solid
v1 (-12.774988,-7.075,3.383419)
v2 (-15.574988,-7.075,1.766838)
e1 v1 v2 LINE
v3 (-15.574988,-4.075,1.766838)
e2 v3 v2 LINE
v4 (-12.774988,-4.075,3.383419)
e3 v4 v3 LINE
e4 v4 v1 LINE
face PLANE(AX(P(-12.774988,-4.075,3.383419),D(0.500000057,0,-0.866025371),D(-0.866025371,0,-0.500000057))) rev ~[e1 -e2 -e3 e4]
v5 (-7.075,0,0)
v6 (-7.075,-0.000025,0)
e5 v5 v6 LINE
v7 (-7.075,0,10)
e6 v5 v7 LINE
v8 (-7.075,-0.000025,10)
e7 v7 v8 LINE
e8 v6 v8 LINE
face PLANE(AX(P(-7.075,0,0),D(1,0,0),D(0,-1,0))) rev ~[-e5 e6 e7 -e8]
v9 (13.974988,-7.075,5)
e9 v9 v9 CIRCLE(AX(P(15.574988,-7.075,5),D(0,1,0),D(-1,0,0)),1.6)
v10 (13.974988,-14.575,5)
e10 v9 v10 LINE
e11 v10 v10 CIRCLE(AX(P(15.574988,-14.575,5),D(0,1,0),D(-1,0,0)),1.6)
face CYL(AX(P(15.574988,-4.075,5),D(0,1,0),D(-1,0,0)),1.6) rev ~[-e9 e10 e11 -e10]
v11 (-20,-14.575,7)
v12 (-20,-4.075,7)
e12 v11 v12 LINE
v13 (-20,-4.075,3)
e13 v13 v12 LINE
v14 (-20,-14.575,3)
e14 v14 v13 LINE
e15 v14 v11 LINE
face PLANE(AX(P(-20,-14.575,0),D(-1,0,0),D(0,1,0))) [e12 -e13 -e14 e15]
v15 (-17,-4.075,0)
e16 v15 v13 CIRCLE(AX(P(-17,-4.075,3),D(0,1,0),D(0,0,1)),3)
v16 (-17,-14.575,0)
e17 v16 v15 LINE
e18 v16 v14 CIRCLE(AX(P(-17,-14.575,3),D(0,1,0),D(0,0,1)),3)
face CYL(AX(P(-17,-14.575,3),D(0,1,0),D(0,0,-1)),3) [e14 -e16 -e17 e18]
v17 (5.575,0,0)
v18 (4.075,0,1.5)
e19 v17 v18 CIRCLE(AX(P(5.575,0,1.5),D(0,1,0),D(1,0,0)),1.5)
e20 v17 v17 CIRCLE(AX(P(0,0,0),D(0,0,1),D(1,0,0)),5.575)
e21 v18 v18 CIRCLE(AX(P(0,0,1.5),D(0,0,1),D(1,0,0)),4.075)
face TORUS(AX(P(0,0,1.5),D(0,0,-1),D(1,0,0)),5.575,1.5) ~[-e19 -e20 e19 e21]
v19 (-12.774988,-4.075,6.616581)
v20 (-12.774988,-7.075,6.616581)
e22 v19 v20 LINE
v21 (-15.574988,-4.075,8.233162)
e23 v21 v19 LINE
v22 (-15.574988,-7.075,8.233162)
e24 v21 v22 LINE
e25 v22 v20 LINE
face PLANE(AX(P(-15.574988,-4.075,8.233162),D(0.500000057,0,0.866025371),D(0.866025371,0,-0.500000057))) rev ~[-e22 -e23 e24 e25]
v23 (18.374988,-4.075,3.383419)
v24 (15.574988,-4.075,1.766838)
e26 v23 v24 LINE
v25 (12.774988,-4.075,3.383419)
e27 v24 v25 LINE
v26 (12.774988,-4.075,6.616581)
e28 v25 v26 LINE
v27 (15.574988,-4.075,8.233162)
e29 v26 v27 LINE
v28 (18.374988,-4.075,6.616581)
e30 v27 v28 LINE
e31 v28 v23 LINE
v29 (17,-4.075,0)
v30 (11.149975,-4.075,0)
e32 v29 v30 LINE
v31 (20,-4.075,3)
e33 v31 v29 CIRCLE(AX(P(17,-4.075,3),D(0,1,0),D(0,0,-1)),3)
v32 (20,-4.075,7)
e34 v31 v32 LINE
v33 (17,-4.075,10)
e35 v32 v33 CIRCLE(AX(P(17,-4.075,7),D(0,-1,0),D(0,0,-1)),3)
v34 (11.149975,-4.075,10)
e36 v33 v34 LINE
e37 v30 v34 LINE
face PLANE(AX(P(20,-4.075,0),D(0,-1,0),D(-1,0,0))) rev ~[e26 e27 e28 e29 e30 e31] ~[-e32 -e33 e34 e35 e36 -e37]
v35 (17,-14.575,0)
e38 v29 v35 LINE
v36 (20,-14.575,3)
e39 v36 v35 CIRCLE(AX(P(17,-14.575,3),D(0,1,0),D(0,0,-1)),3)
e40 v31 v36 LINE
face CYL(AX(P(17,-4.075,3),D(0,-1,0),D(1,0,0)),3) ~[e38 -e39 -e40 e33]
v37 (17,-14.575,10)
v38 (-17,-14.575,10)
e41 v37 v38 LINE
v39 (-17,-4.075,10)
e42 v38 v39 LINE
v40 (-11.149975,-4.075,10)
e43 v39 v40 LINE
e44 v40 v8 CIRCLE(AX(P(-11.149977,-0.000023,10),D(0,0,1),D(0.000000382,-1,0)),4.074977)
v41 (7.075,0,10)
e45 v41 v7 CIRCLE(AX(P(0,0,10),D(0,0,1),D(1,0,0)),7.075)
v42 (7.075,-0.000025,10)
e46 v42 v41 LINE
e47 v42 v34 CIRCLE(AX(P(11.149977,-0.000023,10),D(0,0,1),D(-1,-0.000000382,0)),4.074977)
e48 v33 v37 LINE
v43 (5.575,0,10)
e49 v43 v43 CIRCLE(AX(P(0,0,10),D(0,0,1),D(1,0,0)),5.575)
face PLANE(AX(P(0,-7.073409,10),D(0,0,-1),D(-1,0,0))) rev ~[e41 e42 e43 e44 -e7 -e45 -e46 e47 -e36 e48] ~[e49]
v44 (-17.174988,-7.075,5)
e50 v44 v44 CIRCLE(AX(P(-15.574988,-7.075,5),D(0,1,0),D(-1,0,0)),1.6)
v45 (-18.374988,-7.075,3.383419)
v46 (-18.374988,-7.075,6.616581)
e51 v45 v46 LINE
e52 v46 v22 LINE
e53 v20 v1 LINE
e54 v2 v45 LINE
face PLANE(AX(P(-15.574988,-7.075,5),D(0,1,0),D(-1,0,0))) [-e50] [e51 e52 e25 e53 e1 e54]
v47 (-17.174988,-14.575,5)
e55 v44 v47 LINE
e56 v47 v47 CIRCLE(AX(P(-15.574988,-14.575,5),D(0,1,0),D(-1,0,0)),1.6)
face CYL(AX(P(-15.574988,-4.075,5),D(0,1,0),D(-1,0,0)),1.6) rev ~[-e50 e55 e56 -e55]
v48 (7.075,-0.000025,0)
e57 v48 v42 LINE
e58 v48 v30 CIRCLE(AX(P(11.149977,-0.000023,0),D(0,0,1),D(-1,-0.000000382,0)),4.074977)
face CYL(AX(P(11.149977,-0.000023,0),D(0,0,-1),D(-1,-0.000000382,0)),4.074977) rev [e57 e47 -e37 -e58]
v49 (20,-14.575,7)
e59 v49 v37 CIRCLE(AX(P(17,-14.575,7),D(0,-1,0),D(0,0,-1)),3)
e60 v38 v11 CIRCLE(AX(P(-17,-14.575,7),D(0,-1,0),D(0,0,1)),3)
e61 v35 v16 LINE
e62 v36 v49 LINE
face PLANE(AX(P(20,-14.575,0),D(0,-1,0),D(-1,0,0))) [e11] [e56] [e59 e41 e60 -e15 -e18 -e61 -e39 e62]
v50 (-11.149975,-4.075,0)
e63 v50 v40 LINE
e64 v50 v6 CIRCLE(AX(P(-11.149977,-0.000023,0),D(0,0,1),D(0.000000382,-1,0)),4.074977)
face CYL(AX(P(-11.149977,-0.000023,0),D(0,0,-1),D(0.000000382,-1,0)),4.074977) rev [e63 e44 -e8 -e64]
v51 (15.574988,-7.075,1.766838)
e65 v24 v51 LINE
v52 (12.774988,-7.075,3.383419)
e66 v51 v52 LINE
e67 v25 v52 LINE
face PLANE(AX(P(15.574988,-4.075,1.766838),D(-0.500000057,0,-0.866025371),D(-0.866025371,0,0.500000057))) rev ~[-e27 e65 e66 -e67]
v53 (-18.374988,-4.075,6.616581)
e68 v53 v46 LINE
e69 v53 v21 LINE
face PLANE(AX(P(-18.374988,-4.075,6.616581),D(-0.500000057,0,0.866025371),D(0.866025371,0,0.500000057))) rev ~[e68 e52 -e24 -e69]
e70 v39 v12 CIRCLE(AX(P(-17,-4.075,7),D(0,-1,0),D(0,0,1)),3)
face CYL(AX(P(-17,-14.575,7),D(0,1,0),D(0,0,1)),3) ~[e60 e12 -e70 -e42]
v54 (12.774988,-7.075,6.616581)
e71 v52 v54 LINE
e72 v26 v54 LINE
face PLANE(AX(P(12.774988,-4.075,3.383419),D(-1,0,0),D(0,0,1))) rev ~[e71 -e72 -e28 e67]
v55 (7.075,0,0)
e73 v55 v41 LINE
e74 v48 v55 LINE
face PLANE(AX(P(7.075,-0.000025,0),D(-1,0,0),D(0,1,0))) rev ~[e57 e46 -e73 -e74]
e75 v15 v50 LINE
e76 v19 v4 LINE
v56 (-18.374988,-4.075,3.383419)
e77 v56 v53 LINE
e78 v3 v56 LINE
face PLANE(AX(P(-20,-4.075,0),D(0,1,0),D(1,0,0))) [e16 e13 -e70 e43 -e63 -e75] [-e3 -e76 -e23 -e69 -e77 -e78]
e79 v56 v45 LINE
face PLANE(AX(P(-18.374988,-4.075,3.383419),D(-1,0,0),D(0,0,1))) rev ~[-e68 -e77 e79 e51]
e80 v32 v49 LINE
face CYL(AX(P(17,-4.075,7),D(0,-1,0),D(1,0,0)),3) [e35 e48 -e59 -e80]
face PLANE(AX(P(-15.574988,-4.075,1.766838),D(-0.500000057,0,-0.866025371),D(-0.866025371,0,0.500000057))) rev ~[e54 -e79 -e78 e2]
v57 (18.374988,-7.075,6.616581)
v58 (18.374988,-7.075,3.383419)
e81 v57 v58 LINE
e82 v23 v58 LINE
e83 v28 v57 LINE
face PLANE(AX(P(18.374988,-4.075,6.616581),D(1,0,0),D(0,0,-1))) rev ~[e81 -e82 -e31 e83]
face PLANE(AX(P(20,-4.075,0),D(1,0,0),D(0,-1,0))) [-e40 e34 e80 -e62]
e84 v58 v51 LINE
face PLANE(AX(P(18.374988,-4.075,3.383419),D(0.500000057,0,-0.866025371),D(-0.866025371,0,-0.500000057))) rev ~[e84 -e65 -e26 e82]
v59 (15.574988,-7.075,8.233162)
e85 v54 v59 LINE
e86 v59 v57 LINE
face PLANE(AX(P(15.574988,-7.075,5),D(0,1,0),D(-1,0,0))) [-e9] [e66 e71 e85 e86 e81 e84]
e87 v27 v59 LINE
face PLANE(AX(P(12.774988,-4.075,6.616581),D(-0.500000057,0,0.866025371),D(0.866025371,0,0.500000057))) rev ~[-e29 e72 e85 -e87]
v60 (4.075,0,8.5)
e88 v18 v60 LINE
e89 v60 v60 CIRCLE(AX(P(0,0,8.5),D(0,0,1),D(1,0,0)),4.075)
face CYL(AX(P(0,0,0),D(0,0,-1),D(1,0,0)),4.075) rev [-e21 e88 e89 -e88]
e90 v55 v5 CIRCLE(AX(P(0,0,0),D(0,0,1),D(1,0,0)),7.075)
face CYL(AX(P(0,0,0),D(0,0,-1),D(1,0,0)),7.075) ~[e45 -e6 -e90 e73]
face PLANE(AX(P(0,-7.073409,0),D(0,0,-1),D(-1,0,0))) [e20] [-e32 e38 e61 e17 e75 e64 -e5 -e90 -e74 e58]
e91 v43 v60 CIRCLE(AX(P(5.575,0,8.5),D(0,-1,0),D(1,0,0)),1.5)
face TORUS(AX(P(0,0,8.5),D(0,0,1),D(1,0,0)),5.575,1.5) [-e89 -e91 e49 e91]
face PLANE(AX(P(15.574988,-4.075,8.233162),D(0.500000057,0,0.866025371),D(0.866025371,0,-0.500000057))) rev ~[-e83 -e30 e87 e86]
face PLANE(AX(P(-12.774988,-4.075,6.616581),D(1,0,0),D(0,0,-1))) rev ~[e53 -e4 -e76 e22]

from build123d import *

# Parameters (mm, degrees)
SKETCH_R        = 4.075
PAD_DEPTH       = 10
SKETCH001_R     = 1.6
POCKET_DEPTH    = 10.501
POCKET001_DEPTH = 3
FILLET_R        = 3
FILLET001_R     = 1.5


with BuildPart() as part:
    # Sketch → Pad (new body)
    with BuildSketch(Plane.XY):
        with BuildLine():
            Line((20, -4.075), (20, -14.575))
            Line((20, -14.575), (-20, -14.575))
            Line((-20, -14.575), (-20, -4.075))
            Line((-20, -4.075), (-11.149975, -4.075))
            ThreePointArc((-11.149975, -4.075), (-8.268533, -2.881467), (-7.075, -2.5e-05))
            Line((-7.075, 0), (-7.075, -2.5e-05))
            ThreePointArc((7.075, 0), (0, 7.075), (-7.075, 0))
            Line((7.075, -2.5e-05), (7.075, 0))
            ThreePointArc((7.075, -2.5e-05), (8.268533, -2.881467), (11.149975, -4.075))
            Line((20, -4.075), (11.149975, -4.075))
        make_face()
        Circle(SKETCH_R, mode=Mode.SUBTRACT)
    extrude(amount=PAD_DEPTH)

    # Sketch001 (on Face6 of Pad) → Pocket (cut, through all)
    with BuildSketch(Plane(origin=(0, -4.075, 0), x_dir=(-1, 0, 0), z_dir=(0, 1, 0))):
        with Locations((-15.574988, 5)):
            Circle(SKETCH001_R)
        with Locations((15.574988, 5)):
            Circle(SKETCH001_R)
    extrude(amount=-POCKET_DEPTH, mode=Mode.SUBTRACT)

    # Sketch002 (on Face11 of Pocket) → Pocket001 (cut)
    with BuildSketch(Plane(origin=(0, -4.075, 0), x_dir=(-1, 0, 0), z_dir=(0, 1, 0))):
        Polygon((-15.574988, 8.233162), (-18.374988, 6.616581), (-18.374988, 3.383419), (-15.574988, 1.766838), (-12.774988, 3.383419), (-12.774988, 6.616581), align=None)
        Polygon((15.574988, 8.233162), (12.774988, 6.616581), (12.774988, 3.383419), (15.574988, 1.766838), (18.374988, 3.383419), (18.374988, 6.616581), align=None)
    extrude(amount=-POCKET001_DEPTH, mode=Mode.SUBTRACT)

    # Fillet
    fillet_edges = [part.edges().sort_by_distance(p)[0] for p in [
        (-20, -9.325, 0),
        (-20, -9.325, 10),
        (20, -9.325, 0),
        (20, -9.325, 10),
    ]]
    fillet(fillet_edges, radius=FILLET_R)

    # Fillet001
    fillet001_edges = [part.edges().sort_by_distance(p)[0] for p in [
        (-4.075, 0, 10),
        (-4.075, 0, 0),
    ]]
    fillet(fillet001_edges, radius=FILLET001_R)


solid = part.part
